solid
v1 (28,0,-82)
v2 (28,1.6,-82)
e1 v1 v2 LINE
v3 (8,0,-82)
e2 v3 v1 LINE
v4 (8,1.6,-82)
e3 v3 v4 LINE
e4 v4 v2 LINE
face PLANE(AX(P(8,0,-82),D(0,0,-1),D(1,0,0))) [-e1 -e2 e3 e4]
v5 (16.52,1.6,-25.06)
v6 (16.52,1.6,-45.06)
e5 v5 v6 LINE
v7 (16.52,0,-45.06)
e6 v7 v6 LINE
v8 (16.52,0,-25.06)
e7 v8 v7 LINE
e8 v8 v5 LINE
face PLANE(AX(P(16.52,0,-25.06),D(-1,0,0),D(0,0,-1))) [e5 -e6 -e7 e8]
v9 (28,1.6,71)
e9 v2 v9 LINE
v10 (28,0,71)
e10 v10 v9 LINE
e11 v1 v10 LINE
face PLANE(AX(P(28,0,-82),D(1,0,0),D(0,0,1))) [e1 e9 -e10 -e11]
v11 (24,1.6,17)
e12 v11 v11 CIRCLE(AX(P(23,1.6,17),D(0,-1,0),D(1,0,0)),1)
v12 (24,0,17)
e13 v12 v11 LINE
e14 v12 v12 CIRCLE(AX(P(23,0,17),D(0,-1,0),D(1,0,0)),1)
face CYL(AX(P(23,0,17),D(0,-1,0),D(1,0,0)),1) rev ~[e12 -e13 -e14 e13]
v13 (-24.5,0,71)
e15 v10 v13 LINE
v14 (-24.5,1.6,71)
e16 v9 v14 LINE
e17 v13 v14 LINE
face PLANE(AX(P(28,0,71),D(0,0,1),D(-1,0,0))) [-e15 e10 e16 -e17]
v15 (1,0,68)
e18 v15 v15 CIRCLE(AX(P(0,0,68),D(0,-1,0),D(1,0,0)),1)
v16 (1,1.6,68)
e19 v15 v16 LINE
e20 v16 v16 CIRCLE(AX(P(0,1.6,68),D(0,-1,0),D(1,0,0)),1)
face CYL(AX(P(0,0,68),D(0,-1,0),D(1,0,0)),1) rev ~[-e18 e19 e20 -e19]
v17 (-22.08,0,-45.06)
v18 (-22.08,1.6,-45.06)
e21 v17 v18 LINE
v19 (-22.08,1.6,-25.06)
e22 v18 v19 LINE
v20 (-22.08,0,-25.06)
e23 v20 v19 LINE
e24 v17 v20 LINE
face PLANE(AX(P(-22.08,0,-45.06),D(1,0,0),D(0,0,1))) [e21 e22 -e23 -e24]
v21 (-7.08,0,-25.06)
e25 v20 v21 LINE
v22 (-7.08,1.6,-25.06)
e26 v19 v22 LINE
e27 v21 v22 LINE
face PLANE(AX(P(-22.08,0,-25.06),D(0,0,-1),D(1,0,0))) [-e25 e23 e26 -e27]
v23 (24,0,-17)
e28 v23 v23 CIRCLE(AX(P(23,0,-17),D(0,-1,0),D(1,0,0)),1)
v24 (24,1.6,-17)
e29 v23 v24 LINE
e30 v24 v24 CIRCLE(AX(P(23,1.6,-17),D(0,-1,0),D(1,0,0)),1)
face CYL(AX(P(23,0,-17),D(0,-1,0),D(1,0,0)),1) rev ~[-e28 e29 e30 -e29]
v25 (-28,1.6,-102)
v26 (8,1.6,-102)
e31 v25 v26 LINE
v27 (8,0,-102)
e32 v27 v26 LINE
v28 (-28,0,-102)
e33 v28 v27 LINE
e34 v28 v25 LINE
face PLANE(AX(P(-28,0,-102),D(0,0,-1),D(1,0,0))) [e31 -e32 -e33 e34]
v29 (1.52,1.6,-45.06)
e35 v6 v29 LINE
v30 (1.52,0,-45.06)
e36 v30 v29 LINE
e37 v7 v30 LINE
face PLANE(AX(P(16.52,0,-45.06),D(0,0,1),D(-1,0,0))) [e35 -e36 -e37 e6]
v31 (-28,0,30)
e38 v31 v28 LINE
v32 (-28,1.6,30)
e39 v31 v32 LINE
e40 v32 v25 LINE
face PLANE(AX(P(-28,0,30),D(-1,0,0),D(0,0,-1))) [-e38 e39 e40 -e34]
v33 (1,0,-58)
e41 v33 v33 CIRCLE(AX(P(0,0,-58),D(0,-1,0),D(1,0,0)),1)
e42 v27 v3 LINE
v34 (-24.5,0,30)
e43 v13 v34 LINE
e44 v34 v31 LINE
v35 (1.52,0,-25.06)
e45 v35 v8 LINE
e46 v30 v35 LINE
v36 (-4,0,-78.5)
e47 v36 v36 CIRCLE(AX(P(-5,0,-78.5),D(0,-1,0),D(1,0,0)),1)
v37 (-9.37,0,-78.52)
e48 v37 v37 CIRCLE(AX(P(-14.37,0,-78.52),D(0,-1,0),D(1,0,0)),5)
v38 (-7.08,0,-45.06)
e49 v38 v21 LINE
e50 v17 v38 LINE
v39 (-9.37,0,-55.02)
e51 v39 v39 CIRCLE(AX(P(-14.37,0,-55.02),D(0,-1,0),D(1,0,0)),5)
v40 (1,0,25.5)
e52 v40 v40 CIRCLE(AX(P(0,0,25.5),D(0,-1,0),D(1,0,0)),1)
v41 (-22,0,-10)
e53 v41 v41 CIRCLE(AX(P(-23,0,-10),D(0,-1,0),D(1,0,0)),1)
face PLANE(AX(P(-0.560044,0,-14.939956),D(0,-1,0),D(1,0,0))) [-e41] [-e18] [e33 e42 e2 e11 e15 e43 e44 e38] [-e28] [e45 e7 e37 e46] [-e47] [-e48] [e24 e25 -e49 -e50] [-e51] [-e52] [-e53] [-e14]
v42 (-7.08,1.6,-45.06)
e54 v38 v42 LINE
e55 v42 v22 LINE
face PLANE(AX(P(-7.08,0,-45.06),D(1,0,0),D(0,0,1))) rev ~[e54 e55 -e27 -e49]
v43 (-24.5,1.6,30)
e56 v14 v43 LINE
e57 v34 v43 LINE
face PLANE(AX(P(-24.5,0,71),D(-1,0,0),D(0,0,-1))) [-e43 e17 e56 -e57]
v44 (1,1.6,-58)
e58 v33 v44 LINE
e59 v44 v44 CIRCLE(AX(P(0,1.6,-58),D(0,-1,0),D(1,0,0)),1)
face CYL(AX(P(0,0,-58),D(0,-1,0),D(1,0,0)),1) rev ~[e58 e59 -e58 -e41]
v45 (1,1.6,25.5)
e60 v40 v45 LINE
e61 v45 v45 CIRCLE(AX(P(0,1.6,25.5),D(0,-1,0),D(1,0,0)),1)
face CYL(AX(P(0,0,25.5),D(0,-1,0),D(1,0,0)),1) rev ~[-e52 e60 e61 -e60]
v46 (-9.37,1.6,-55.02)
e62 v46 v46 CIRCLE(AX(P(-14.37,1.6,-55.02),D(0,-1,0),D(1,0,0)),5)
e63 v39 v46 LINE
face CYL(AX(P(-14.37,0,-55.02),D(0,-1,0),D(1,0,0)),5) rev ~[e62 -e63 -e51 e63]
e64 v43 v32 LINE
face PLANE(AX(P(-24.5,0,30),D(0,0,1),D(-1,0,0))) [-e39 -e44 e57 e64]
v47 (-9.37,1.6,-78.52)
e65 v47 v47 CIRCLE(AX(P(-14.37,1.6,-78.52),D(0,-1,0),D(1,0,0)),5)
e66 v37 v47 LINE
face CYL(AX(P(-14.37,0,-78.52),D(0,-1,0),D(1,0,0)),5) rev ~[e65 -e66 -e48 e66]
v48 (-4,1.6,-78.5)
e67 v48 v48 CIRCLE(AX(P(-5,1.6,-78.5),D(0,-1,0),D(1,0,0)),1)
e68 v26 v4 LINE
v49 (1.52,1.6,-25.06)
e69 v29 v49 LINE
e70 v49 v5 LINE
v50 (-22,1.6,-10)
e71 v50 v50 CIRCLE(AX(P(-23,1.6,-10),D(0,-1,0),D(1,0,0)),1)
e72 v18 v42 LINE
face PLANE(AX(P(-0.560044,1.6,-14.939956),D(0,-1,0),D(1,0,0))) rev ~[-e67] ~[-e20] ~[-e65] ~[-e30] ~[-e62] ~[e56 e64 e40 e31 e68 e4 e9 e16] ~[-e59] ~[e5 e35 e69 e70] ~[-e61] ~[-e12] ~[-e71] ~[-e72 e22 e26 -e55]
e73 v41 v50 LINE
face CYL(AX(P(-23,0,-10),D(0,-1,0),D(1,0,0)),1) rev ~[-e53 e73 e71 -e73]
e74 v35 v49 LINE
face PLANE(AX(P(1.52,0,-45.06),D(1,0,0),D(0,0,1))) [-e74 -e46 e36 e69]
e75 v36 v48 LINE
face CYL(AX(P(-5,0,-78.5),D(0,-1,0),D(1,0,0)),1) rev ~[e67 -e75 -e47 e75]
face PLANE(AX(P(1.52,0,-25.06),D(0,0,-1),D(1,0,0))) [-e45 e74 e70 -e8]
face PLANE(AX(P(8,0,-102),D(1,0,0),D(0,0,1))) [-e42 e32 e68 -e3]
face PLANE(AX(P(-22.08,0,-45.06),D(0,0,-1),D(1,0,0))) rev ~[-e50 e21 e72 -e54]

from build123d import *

# Parameters (mm, degrees)
F0_R     = 5
F0_W     = 15
F0_H     = 20
F1_DEPTH = 1.6
F2_R     = 1
F3_DEPTH = 25


with BuildPart() as f1:
    # F0 (on Front) → F1 (new body)
    with BuildSketch(Plane.XZ):
        Polygon((28, 71), (-24.5, 71), (-24.5, 30), (-28, 30), (-28, -102), (8, -102), (8, -82), (28, -82), align=None)
        with Locations((-14.37, -78.52)):
            Circle(F0_R, mode=Mode.SUBTRACT)
        with Locations((-14.37, -55.02)):
            Circle(F0_R, mode=Mode.SUBTRACT)
        with Locations((-14.58, -35.06)):
            Rectangle(F0_W, F0_H, mode=Mode.SUBTRACT)
        Polygon((1.52, -25.06), (9.02, -25.06), (16.52, -25.06), (16.52, -45.06), (9.02, -45.06), (1.52, -45.06), align=None, mode=Mode.SUBTRACT)
    extrude(amount=-F1_DEPTH)

    # F2 (on face) → F3 (cut)
    with BuildSketch(Plane.XZ):
        with Locations((0, 25.5)):
            Circle(F2_R)
        with Locations((0, 68)):
            Circle(F2_R)
        with Locations((23, 17)):
            Circle(F2_R)
        with Locations((23, -17)):
            Circle(F2_R)
        with Locations((-23, -10)):
            Circle(F2_R)
        with Locations((0, -58)):
            Circle(F2_R)
        with Locations((-5, -78.5)):
            Circle(F2_R)
    extrude(amount=-F3_DEPTH, mode=Mode.SUBTRACT)


solid = f1.part
